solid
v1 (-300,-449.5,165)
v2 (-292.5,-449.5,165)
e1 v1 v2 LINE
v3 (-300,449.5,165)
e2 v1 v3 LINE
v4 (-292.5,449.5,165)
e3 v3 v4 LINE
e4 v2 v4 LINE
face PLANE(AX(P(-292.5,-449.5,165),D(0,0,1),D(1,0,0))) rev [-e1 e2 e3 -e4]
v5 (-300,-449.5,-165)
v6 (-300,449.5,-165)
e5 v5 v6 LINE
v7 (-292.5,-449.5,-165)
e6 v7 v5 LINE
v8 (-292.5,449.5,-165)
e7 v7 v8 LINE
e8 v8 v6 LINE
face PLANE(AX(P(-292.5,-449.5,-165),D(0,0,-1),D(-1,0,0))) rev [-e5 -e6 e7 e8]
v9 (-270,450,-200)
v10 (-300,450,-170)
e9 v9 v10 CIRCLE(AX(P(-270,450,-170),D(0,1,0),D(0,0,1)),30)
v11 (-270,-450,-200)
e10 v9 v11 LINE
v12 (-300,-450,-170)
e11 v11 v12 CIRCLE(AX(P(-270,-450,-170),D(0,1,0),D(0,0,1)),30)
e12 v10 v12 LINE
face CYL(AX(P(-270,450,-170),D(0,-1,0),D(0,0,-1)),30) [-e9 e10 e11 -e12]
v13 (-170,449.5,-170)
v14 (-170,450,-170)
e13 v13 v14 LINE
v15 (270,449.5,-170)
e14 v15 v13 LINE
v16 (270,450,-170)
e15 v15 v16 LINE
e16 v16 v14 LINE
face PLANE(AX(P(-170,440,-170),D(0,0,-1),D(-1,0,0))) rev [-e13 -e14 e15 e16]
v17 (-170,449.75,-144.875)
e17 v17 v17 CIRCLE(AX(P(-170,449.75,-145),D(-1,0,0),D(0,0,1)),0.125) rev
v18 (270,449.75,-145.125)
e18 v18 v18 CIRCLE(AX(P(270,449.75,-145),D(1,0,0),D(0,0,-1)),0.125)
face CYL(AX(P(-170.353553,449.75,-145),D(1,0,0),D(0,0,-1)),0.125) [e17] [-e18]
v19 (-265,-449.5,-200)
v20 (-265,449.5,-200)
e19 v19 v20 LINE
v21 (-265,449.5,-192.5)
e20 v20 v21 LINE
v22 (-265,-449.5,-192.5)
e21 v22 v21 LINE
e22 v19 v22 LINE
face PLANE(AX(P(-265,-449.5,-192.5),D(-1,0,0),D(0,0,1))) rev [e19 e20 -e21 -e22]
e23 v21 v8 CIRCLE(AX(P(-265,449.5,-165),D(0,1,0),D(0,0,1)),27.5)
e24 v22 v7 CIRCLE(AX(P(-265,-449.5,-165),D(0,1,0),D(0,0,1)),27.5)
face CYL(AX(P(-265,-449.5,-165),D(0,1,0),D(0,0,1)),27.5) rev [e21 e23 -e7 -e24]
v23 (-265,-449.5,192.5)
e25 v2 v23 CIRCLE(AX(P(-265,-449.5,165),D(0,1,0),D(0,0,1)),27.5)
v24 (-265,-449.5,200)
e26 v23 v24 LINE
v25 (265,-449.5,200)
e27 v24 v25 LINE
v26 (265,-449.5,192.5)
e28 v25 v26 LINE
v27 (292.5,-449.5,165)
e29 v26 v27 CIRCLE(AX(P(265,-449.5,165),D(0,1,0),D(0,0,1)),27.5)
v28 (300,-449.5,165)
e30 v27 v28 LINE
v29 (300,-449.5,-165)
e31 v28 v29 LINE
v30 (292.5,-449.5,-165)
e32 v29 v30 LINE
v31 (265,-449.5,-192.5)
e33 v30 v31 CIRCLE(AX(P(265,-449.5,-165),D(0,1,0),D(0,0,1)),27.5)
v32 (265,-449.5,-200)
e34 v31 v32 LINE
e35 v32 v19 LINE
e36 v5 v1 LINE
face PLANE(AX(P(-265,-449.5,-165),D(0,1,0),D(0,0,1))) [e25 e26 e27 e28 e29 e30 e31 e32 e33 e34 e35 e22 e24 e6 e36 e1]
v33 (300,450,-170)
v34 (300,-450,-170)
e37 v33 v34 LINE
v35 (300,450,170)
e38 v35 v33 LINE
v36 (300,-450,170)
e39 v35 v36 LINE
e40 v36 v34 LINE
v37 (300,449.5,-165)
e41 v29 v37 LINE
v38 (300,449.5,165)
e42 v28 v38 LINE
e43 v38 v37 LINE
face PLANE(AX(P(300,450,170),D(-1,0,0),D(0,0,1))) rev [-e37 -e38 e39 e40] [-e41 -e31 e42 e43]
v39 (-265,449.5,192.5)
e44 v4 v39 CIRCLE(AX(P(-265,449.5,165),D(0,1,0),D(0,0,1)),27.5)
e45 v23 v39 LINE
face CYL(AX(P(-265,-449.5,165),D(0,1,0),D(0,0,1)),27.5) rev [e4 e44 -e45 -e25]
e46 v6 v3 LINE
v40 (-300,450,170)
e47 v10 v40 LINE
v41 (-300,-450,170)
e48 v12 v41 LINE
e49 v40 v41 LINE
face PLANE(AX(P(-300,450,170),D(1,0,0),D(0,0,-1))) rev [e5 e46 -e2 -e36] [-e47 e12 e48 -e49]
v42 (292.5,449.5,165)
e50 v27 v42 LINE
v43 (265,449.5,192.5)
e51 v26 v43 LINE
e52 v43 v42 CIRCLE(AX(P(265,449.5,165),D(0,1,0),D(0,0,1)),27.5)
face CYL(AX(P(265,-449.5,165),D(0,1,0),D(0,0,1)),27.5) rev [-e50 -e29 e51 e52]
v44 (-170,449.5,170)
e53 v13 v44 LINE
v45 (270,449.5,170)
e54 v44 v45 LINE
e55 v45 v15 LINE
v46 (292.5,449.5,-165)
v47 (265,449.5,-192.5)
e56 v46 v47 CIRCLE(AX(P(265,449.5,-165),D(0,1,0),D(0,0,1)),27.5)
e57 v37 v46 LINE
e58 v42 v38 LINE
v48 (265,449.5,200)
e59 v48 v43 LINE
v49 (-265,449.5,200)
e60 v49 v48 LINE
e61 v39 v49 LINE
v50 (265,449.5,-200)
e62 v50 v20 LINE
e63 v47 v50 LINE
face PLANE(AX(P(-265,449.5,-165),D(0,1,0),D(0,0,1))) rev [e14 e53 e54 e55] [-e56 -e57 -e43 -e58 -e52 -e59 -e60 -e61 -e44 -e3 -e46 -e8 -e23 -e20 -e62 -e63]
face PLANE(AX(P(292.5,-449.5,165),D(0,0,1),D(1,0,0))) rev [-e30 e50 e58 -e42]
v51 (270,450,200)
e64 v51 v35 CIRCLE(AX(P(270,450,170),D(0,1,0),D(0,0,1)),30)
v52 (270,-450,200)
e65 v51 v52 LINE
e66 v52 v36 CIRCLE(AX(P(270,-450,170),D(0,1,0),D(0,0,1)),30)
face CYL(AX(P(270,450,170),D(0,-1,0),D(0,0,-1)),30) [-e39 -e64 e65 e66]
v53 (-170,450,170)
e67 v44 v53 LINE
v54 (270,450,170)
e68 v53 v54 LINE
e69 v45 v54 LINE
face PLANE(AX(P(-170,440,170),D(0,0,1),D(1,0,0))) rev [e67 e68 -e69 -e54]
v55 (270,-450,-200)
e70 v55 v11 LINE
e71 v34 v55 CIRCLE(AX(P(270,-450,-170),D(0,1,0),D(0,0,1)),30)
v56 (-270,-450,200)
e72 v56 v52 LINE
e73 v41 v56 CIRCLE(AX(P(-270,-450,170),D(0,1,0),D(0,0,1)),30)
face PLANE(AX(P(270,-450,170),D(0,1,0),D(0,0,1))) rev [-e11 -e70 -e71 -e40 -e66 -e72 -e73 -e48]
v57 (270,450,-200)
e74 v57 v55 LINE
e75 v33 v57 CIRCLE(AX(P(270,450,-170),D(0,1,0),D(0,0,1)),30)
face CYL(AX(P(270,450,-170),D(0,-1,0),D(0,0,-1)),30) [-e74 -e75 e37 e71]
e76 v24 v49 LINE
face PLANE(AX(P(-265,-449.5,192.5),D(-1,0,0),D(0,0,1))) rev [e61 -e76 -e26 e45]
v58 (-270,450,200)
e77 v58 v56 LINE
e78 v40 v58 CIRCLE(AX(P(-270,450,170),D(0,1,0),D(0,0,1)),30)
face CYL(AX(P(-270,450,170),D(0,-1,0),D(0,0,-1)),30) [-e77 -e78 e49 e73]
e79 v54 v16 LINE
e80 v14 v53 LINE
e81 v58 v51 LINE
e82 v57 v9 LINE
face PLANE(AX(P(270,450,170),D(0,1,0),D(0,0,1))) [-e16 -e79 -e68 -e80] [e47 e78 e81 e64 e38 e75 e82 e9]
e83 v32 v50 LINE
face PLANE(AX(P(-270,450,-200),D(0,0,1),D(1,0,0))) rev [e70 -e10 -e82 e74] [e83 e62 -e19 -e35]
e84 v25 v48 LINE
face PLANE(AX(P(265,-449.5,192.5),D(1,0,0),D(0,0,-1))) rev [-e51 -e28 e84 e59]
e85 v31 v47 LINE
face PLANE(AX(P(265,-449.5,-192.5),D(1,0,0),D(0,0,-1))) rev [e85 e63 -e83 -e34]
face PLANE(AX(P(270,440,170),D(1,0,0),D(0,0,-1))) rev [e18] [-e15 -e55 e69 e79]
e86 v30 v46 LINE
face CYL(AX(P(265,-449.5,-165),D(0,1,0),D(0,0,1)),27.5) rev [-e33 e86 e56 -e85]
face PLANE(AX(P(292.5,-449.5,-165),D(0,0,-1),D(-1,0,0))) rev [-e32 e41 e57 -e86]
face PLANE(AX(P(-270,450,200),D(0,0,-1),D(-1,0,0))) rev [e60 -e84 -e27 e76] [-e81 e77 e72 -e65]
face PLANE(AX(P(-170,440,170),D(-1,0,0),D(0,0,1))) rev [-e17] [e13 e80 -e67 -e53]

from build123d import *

# Parameters (mm, degrees)
BOSS_EXTRUDE1_DEPTH = 450
CUT_EXTRUDE1_DEPTH  = 449.5
SKETCH4_W           = 440
SKETCH4_H           = 340
CUT_EXTRUDE2_DEPTH  = 10
SKETCH7_R           = 0.125
BOSS_EXTRUDE2_DEPTH = 470


with BuildPart() as part:
    # Sketch2 → Boss-Extrude1 (new, symmetric)
    with BuildSketch(Plane(origin=(0, 0, 0), x_dir=(1, 0, 0), z_dir=(0, 1, 0))):
        with BuildLine():
            Line((-270, -200), (270, -200))
            ThreePointArc((270, -200), (291.213203436, -191.213203436), (300, -170))
            Line((300, -170), (300, 170))
            ThreePointArc((300, 170), (291.213203436, 191.213203436), (270, 200))
            Line((270, 200), (-270, 200))
            ThreePointArc((-270, 200), (-291.213203436, 191.213203436), (-300, 170))
            Line((-300, 170), (-300, -170))
            ThreePointArc((-300, -170), (-291.213203436, -191.213203436), (-270, -200))
        make_face()
    extrude(amount=BOSS_EXTRUDE1_DEPTH, both=True)

    # Sketch3 → Cut-Extrude1 (cut, symmetric)
    with BuildSketch(Plane(origin=(0, 0, 0), x_dir=(1, 0, 0), z_dir=(0, 1, 0))):
        with BuildLine():
            Line((-265, -200), (265, -200))
            Line((265, -200), (265, -192.5))
            ThreePointArc((265, -192.5), (284.445436483, -184.445436483), (292.5, -165))
            Line((292.5, -165), (300, -165))
            Line((300, -165), (300, 165))
            Line((300, 165), (292.5, 165))
            ThreePointArc((292.5, 165), (284.445436483, 184.445436483), (265, 192.5))
            Line((265, 192.5), (265, 200))
            Line((265, 200), (-265, 200))
            Line((-265, 200), (-265, 192.5))
            ThreePointArc((-265, 192.5), (-284.445436483, 184.445436483), (-292.5, 165))
            Line((-292.5, 165), (-300, 165))
            Line((-300, 165), (-300, -165))
            Line((-300, -165), (-292.5, -165))
            ThreePointArc((-292.5, -165), (-284.445436483, -184.445436483), (-265, -192.5))
            Line((-265, -192.5), (-265, -200))
        make_face()
    extrude(amount=CUT_EXTRUDE1_DEPTH, both=True, mode=Mode.SUBTRACT)

    # Sketch4 → Cut-Extrude2 (cut)
    with BuildSketch(Plane(origin=(0, 450, 0), x_dir=(1, 0, 0), z_dir=(0, 1, 0))):
        with Locations((50, 0)):
            Rectangle(SKETCH4_W, SKETCH4_H)
    extrude(amount=-CUT_EXTRUDE2_DEPTH, mode=Mode.SUBTRACT)

    # Sketch7 → Boss-Extrude2 (add)
    with BuildSketch(Plane(origin=(300, 0, 0), x_dir=(0, 0, -1), z_dir=(1, 0, 0))):
        with Locations((145, 449.75)):
            Circle(SKETCH7_R)
    extrude(amount=-BOSS_EXTRUDE2_DEPTH)


solid = part.part
